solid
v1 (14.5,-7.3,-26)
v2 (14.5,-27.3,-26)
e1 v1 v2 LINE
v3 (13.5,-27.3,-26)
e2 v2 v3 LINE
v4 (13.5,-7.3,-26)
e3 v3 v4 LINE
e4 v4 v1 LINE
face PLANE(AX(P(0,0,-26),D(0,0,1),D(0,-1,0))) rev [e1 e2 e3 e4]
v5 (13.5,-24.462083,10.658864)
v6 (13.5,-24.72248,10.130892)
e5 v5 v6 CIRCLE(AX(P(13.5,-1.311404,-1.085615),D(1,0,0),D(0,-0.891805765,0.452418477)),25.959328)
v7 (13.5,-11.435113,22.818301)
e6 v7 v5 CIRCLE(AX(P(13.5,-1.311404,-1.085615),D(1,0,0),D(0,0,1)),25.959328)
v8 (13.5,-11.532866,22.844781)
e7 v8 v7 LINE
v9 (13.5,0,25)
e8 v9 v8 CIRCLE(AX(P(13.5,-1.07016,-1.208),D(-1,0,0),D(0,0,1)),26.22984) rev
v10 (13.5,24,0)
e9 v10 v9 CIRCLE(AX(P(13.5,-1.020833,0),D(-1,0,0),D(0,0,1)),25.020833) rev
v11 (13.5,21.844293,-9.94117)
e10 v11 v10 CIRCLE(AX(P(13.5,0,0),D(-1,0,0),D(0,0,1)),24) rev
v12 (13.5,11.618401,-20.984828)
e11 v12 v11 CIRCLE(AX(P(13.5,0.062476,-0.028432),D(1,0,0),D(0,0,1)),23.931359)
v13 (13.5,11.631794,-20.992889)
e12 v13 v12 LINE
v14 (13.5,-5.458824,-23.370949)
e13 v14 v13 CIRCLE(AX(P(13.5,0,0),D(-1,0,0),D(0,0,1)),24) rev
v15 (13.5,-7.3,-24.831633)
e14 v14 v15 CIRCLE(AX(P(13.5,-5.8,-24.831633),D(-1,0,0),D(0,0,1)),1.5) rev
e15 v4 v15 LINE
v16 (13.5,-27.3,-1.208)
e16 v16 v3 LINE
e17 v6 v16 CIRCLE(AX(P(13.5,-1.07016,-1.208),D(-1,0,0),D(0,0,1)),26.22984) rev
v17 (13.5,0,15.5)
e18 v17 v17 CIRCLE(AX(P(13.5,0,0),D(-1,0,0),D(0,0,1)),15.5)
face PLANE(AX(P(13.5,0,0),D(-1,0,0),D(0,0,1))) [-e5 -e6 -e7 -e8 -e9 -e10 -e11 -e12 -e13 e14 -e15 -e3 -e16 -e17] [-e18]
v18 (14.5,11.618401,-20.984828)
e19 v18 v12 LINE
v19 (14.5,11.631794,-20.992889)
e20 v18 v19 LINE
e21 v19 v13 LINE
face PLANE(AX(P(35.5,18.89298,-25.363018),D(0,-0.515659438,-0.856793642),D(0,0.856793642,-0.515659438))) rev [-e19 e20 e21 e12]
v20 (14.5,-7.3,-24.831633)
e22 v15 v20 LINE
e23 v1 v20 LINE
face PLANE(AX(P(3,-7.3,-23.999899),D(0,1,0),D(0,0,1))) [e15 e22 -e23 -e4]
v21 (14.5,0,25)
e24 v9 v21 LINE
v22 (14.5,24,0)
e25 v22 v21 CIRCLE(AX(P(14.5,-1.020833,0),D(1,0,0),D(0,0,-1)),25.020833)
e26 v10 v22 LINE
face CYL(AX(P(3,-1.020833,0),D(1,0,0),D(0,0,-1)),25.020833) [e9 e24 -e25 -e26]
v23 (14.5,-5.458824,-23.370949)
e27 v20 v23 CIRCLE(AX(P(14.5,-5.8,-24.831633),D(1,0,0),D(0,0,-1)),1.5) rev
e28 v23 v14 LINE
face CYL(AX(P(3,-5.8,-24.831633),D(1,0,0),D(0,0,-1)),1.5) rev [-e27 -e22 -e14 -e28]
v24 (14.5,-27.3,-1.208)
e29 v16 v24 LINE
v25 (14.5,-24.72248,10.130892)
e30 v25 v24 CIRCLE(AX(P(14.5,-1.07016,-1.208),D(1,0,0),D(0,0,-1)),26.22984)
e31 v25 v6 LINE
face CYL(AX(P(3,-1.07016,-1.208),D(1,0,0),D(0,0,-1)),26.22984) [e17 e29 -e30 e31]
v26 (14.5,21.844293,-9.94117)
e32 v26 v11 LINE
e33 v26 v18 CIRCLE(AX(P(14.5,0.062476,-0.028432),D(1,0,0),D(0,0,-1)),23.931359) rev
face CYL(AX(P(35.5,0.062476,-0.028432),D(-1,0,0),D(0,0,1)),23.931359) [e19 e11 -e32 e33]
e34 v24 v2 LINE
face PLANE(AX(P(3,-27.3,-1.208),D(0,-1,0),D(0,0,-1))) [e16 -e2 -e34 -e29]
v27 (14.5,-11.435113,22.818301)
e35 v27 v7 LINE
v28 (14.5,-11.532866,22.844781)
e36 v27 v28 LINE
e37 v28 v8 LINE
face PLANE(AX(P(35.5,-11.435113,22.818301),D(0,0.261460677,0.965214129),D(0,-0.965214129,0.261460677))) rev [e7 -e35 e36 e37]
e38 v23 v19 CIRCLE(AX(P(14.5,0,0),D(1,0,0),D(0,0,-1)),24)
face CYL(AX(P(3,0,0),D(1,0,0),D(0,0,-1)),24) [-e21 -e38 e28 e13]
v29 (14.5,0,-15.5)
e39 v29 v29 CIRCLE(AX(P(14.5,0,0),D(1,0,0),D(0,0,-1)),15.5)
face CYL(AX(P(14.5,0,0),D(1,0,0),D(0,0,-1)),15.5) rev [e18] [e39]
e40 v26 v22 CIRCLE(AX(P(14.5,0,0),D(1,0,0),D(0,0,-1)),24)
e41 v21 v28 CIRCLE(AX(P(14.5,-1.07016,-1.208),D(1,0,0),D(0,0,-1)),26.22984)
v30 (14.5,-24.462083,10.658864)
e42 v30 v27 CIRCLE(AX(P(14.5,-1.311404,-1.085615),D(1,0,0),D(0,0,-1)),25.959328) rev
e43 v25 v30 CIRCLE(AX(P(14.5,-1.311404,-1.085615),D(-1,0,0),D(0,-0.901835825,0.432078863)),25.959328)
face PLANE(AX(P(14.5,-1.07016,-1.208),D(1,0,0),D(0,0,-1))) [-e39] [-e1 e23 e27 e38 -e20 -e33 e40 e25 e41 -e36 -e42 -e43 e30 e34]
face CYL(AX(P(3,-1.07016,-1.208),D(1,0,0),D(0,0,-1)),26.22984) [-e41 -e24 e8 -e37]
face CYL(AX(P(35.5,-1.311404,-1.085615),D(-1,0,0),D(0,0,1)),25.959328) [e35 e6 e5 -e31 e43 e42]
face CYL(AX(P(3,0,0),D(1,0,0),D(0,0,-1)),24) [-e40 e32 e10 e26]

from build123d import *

# Parameters (mm, degrees)
BOSS_EXTRUDE1_DEPTH               = 11.5
BOSS_EXTRUDE2_DEPTH               = 11.5
SKETCH3_W                         = 11.5
SKETCH3_H                         = 20
BOSS_EXTRUDE3_DEPTH               = 2.000101203
CUT_EXTRUDE1_DEPTH                = 10.5
BOSS_EXTRUDE4_DEPTH               = 2
BOSS_EXTRUDE5_DEPTH               = 1
CUT_EXTRUDE2_DEPTH                = 10.5
CUT_EXTRUDE3_DEPTH                = 2
CUT_EXTRUDE4_DEPTH                = 0.5
CUT_EXTRUDE5_DEPTH                = 0.5
CUT_EXTRUDE6_DEPTH                = 0.5
CUT_EXTRUDE7_DEPTH                = 0.5
CUT_EXTRUDE8_DEPTH                = 0.5
CUT_EXTRUDE9_DEPTH                = 0.5
CUT_EXTRUDE10_DEPTH               = 0.5
CUT_EXTRUDE11_DEPTH               = 0.5
SKETCH17_W                        = 0.1
SKETCH17_H                        = 10.000000149
F_3_5_3_5_DIAMETER_HOLE1_D        = 3.5
F_3_5_3_5_DIAMETER_HOLE1_DEPTH    = 14.5
TAP_DRILL_FOR_M30_HELICOIL1_D     = 31
TAP_DRILL_FOR_M30_HELICOIL1_DEPTH = 1
FILLET1_R                         = 1.5
FILLET2_R                         = 2.5
SKETCH22_W                        = 77.458890367
SKETCH22_H                        = 66.182059073
CUT_EXTRUDE12_DEPTH               = 22
CUT_EXTRUDE13_DEPTH               = 22


with BuildPart() as part:
    # Sketch1 → Boss-Extrude1 (new body)
    with BuildSketch(Plane(origin=(14.5, 0, 0), x_dir=(0, 0, -1), z_dir=(1, 0, 0))):
        with BuildLine():
            Line((23.999898797, -14.052218991), (23.999898797, -7.3))
            Line((23.999898797, -7.3), (22.862851966, -7.3))
            ThreePointArc((22.862851966, -7.3), (23.515848466, 4.796339325), (18.177699617, 15.670712703))
            Line((18.177699617, 15.670712703), (20.247987256, 18.013406611))
            ThreePointArc((20.247987256, 18.013406611), (19.986593389, 22.247987256), (15.752012744, 21.986593389))
            Line((15.752012744, 21.986593389), (13.722435262, 19.689966239))
            ThreePointArc((13.722435262, 19.689966239), (7.191690005, 22.897152549), (0, 24))
            ThreePointArc((0, 24), (-17.327723451, 17.028878595), (-25, 0))
            ThreePointArc((-25, 0), (-23.695001808, -9.306968083), (-19.193077259, -17.556534771))
            Line((-19.193077259, -17.556534771), (-22.247987256, -21.013406611))
            ThreePointArc((-22.247987256, -21.013406611), (-21.986593389, -25.247987256), (-17.752012744, -24.986593389))
            Line((-17.752012744, -24.986593389), (-14.906270141, -21.766410971))
            ThreePointArc((-14.906270141, -21.766410971), (6.309457693, -26.79912492), (23.999898797, -14.052218991))
        make_face()
    extrude(amount=-BOSS_EXTRUDE1_DEPTH)

    # Sketch2 → Boss-Extrude2 (add)
    with BuildSketch(Plane(origin=(14.5, 0, 0), x_dir=(0, 0, -1), z_dir=(1, 0, 0))):
        with BuildLine():
            Line((1.208, -27.3), (23.999898797, -27.3))
            Line((23.999898797, -27.3), (23.999898797, -14.052218991))
            ThreePointArc((23.999898797, -14.052218991), (14.389183107, -23.747481674), (1.208, -27.3))
        make_face()
    extrude(amount=-BOSS_EXTRUDE2_DEPTH)

    # Sketch3 → Boss-Extrude3 (add)
    with BuildSketch(Plane(origin=(0, 0, -23.999898797), x_dir=(-1, 0, 0), z_dir=(0, 0, -1))):
        with Locations((-8.75, -17.3)):
            Rectangle(SKETCH3_W, SKETCH3_H)
    extrude(amount=BOSS_EXTRUDE3_DEPTH)

    # Sketch4 → Cut-Extrude1 (cut)
    with BuildSketch(Plane.ZY.offset(-3)):
        with BuildLine():
            Line((-2, 22.912878475), (-2, 11))
            Line((-2, 11), (2.00000006, 11))
            Line((2.00000006, 11), (2.00000006, 22.916594135))
            ThreePointArc((2.00000006, 22.916594135), (1.000869219, 22.979139476), (0, 23))
            ThreePointArc((0, 23), (-1.00094832, 22.978209296), (-2, 22.912878475))
        make_face()
    extrude(amount=-CUT_EXTRUDE1_DEPTH, mode=Mode.SUBTRACT)

    # Sketch5 → Boss-Extrude4 (add)
    with BuildSketch(Plane.ZY.offset(-3)):
        with BuildLine():
            Line((-2, 23.916521486), (-2, 11))
            Line((-2, 11), (2.00000006, 11))
            Line((2.00000006, 11), (2.00000006, 23.919938516))
            ThreePointArc((2.00000006, 23.919938516), (18.03582173, 16.321347476), (25, 0))
            ThreePointArc((25, 0), (23.695001808, -9.306968083), (19.193077259, -17.556534771))
            Line((19.193077259, -17.556534771), (22.247987256, -21.013406611))
            ThreePointArc((22.247987256, -21.013406611), (21.986593389, -25.247987256), (17.752012744, -24.986593389))
            Line((17.752012744, -24.986593389), (14.906270141, -21.766410971))
            ThreePointArc((14.906270141, -21.766410971), (7.31095401, -25.878060536), (-1.208, -27.3))
            Line((-1.208, -27.3), (-26, -27.3))
            Line((-26, -27.3), (-26, -7.3))
            Line((-26, -7.3), (-22.862851966, -7.3))
            ThreePointArc((-22.862851966, -7.3), (-23.515848466, 4.796339325), (-18.177699617, 15.670712703))
            Line((-18.177699617, 15.670712703), (-20.247987256, 18.013406611))
            ThreePointArc((-20.247987256, 18.013406611), (-19.986593389, 22.247987256), (-15.752012744, 21.986593389))
            Line((-15.752012744, 21.986593389), (-13.722435262, 19.689966239))
            ThreePointArc((-13.722435262, 19.689966239), (-8.140312338, 22.577318597), (-2, 23.916521486))
        make_face()
    extrude(amount=BOSS_EXTRUDE4_DEPTH)

    # Sketch6 → Boss-Extrude5 (add)
    with BuildSketch(Plane.ZY.offset(-1)):
        with BuildLine():
            Line((-2, 23.916521486), (-2, 11))
            Line((-2, 11), (2.00000006, 11))
            Line((2.00000006, 11), (2.00000006, 23.919938516))
            ThreePointArc((2.00000006, 23.919938516), (18.03582173, 16.321347476), (25, 0))
            ThreePointArc((25, 0), (23.695001808, -9.306968083), (19.193077259, -17.556534771))
            Line((19.193077259, -17.556534771), (22.247987256, -21.013406611))
            ThreePointArc((22.247987256, -21.013406611), (21.986593389, -25.247987256), (17.752012744, -24.986593389))
            Line((17.752012744, -24.986593389), (14.906270141, -21.766410971))
            ThreePointArc((14.906270141, -21.766410971), (7.31095401, -25.878060536), (-1.208, -27.3))
            Line((-1.208, -27.3), (-26, -27.3))
            Line((-26, -27.3), (-26, -7.3))
            Line((-26, -7.3), (-22.862851966, -7.3))
            ThreePointArc((-22.862851966, -7.3), (-23.515848466, 4.796339325), (-18.177699617, 15.670712703))
            Line((-18.177699617, 15.670712703), (-20.247987256, 18.013406611))
            ThreePointArc((-20.247987256, 18.013406611), (-19.986593389, 22.247987256), (-15.752012744, 21.986593389))
            Line((-15.752012744, 21.986593389), (-13.722435262, 19.689966239))
            ThreePointArc((-13.722435262, 19.689966239), (-8.140312338, 22.577318597), (-2, 23.916521486))
        make_face()
    extrude(amount=BOSS_EXTRUDE5_DEPTH)

    # Sketch7 → Cut-Extrude2 (cut)
    with BuildSketch(Plane(origin=(13.5, 0, 0), x_dir=(0, 0, -1), z_dir=(1, 0, 0))):
        with BuildLine():
            Line((2, 22.912878475), (2, 11))
            Line((2, 11), (-2.00000006, 11))
            Line((-2.00000006, 11), (-2.00000006, 22.916594135))
            ThreePointArc((-2.00000006, 22.916594135), (-17.342759411, 15.599308966), (-24.000832639, -0.040799334))
            ThreePointArc((-24.000832639, -0.040799334), (-16.992486688, -18.54262722), (1.208, -26.3))
            Line((1.208, -26.3), (26, -26.3))
            Line((26, -26.3), (26, -8.3))
            Line((26, -8.3), (21.450174824, -8.3))
            ThreePointArc((21.450174824, -8.3), (19.520210565, 12.163937664), (2, 22.912878475))
        make_face()
    extrude(amount=-CUT_EXTRUDE2_DEPTH, mode=Mode.SUBTRACT)

    # Sketch8 → Cut-Extrude3 (cut)
    with BuildSketch(Plane(origin=(3, 0, 0), x_dir=(0, 0, -1), z_dir=(1, 0, 0))):
        with BuildLine():
            Line((2, 22.912878475), (2, 11))
            Line((2, 11), (-2.00000006, 11))
            Line((-2.00000006, 11), (-2.00000006, 22.916594135))
            ThreePointArc((-2.00000006, 22.916594135), (-17.342759411, 15.599308966), (-24.000832639, -0.040799334))
            ThreePointArc((-24.000832639, -0.040799334), (-16.992486688, -18.54262722), (1.208, -26.3))
            Line((1.208, -26.3), (26, -26.3))
            Line((26, -26.3), (26, -8.3))
            Line((26, -8.3), (21.450174824, -8.3))
            ThreePointArc((21.450174824, -8.3), (19.520210565, 12.163937664), (2, 22.912878475))
        make_face()
    extrude(amount=-CUT_EXTRUDE3_DEPTH, mode=Mode.SUBTRACT)

    # Sketch9 → Cut-Extrude4 (cut)
    with BuildSketch(Plane.ZY):
        with BuildLine():
            Line((-0.5, -22.994564575), (-0.5, -10.988630488))
            ThreePointArc((-0.5, -10.988630488), (-4.209517756, -10.162674858), (-7.416581743, -8.123688525))
            Line((-7.416581743, -8.123688525), (-15.906059151, -16.613165932))
            ThreePointArc((-15.906059151, -16.613165932), (-8.801718944, -21.249229248), (-0.5, -22.994564575))
        make_face()
    extrude(amount=-CUT_EXTRUDE4_DEPTH, mode=Mode.SUBTRACT)

    # Sketch10 → Cut-Extrude5 (cut)
    with BuildSketch(Plane.ZY):
        with BuildLine():
            Line((-15.906059151, 16.613165932), (-7.416581743, 8.123688525))
            ThreePointArc((-7.416581743, 8.123688525), (-5.351481429, 9.610496684), (-3, 10.583005244))
            Line((-3, 10.583005244), (-3, 22.803508502))
            ThreePointArc((-3, 22.803508502), (-9.946851433, 20.737891565), (-15.906059151, 16.613165932))
        make_face()
    extrude(amount=-CUT_EXTRUDE5_DEPTH, mode=Mode.SUBTRACT)

    # Sketch11 → Cut-Extrude6 (cut)
    with BuildSketch(Plane.ZY):
        with BuildLine():
            Line((16.613165932, 15.906059151), (8.123688525, 7.416581743))
            ThreePointArc((8.123688525, 7.416581743), (10.162674858, 4.209517756), (10.988630488, 0.5))
            Line((10.988630488, 0.5), (22.994564575, 0.5))
            ThreePointArc((22.994564575, 0.5), (21.249229248, 8.801718944), (16.613165932, 15.906059151))
        make_face()
    extrude(amount=-CUT_EXTRUDE6_DEPTH, mode=Mode.SUBTRACT)

    # Sketch12 → Cut-Extrude7 (cut)
    with BuildSketch(Plane.ZY):
        with BuildLine():
            Line((-16.613165932, -15.906059151), (-8.123688525, -7.416581743))
            ThreePointArc((-8.123688525, -7.416581743), (-10.162674858, -4.209517756), (-10.988630488, -0.5))
            Line((-10.988630488, -0.5), (-22.994564575, -0.5))
            ThreePointArc((-22.994564575, -0.5), (-21.249229248, -8.801718944), (-16.613165932, -15.906059151))
        make_face()
    extrude(amount=-CUT_EXTRUDE7_DEPTH, mode=Mode.SUBTRACT)

    # Sketch13 → Cut-Extrude8 (cut)
    with BuildSketch(Plane.ZY):
        with BuildLine():
            Line((15.906059151, -16.613165932), (7.416581743, -8.123688525))
            ThreePointArc((7.416581743, -8.123688525), (4.209517756, -10.162674858), (0.5, -10.988630488))
            Line((0.5, -10.988630488), (0.5, -22.994564575))
            ThreePointArc((0.5, -22.994564575), (8.801718944, -21.249229248), (15.906059151, -16.613165932))
        make_face()
    extrude(amount=-CUT_EXTRUDE8_DEPTH, mode=Mode.SUBTRACT)

    # Sketch14 → Cut-Extrude9 (cut)
    with BuildSketch(Plane.ZY):
        with BuildLine():
            Line((3, 22.803508502), (3, 10.583005244))
            ThreePointArc((3, 10.583005244), (5.351481429, 9.610496684), (7.416581743, 8.123688525))
            Line((7.416581743, 8.123688525), (15.906059151, 16.613165932))
            ThreePointArc((15.906059151, 16.613165932), (9.946851433, 20.737891565), (3, 22.803508502))
        make_face()
    extrude(amount=-CUT_EXTRUDE9_DEPTH, mode=Mode.SUBTRACT)

    # Sketch15 → Cut-Extrude10 (cut)
    with BuildSketch(Plane.ZY):
        with BuildLine():
            Line((8.123688525, -7.416581743), (16.613165932, -15.906059151))
            ThreePointArc((16.613165932, -15.906059151), (21.249229248, -8.801718944), (22.994564575, -0.5))
            Line((22.994564575, -0.5), (10.988630488, -0.5))
            ThreePointArc((10.988630488, -0.5), (10.162674858, -4.209517756), (8.123688525, -7.416581743))
        make_face()
    extrude(amount=-CUT_EXTRUDE10_DEPTH, mode=Mode.SUBTRACT)

    # Sketch16 → Cut-Extrude11 (cut)
    with BuildSketch(Plane.ZY):
        with BuildLine():
            Line((-22.994564575, 0.5), (-10.988630488, 0.5))
            ThreePointArc((-10.988630488, 0.5), (-10.162674858, 4.209517756), (-8.123688525, 7.416581743))
            Line((-8.123688525, 7.416581743), (-16.613165932, 15.906059151))
            ThreePointArc((-16.613165932, 15.906059151), (-21.249229248, 8.801718944), (-22.994564575, 0.5))
        make_face()
    extrude(amount=-CUT_EXTRUDE11_DEPTH, mode=Mode.SUBTRACT)

    # Sketch17 → Cut-Revolve1 (revolve, cut)
    with BuildSketch(Plane(origin=(0, 0, 0), x_dir=(1, 0, 0), z_dir=(0, 1, 0))):
        with Locations((0.05, 5.000000074)):
            Rectangle(SKETCH17_W, SKETCH17_H)
    revolve(axis=Axis((0, 0, 0), (1, 0, 0)), mode=Mode.SUBTRACT)

    # Ø3.5 (3.5) Diameter Hole1
    with Locations(Plane.ZY):
        with Locations((-18, 20), (20, -23)):
            Hole(F_3_5_3_5_DIAMETER_HOLE1_D / 2, depth=F_3_5_3_5_DIAMETER_HOLE1_DEPTH)

    # Tap Drill for M30 Helicoil1
    with Locations(Plane(origin=(14.5, 0, 0), x_dir=(0, 0, -1), z_dir=(1, 0, 0))):
        with Locations((0, 0)):
            Hole(TAP_DRILL_FOR_M30_HELICOIL1_D / 2, depth=TAP_DRILL_FOR_M30_HELICOIL1_DEPTH)

    # Fillet1
    fillet1_edges = [part.edges().sort_by_distance(p)[0] for p in [
        (7.25, -7.3, -22.862851966),
    ]]
    fillet(fillet1_edges, radius=FILLET1_R)

    # Fillet2
    fillet2_edges = [part.edges().sort_by_distance(p)[0] for p in [
        (7.25, -8.3, -21.450174824),
        (7.25, -21.766410971, 14.906270141),
        (7.25, -17.556534771, 19.193077259),
        (7.25, 19.689966239, -13.722435262),
        (7.25, 15.670712703, -18.177699617),
    ]]
    fillet(fillet2_edges, radius=FILLET2_R)

    # Sketch22 → Cut-Extrude12 (cut)
    with BuildSketch(Plane.ZY.offset(-13.5)):
        with Locations((3.746075582, -1.742433044)):
            Rectangle(SKETCH22_W, SKETCH22_H)
    extrude(amount=CUT_EXTRUDE12_DEPTH, mode=Mode.SUBTRACT)

    # Sketch23 → Cut-Extrude13 (cut)
    with BuildSketch(Plane.ZY.offset(-13.5)):
        with BuildLine():
            Line((22.818301287, -11.435112892), (26.703674286, -25.778443436))
            Line((26.703674286, -25.778443436), (15.434056464, -28.831198071))
            Line((15.434056464, -28.831198071), (10.130861555, -24.722456157))
            ThreePointArc((10.130861555, -24.722456157), (17.689338268, -19.238696929), (22.818301287, -11.435112892))
        make_face()
        with BuildLine():
            Line((-9.783782243, 21.915234873), (-19.266917552, 25.788568278))
            Line((-19.266917552, 25.788568278), (-25.363017774, 18.892979502))
            Line((-25.363017774, 18.892979502), (-20.984828091, 11.618400961))
            ThreePointArc((-20.984828091, 11.618400961), (-16.224389467, 17.68067385), (-9.783782243, 21.915234873))
        make_face()
    extrude(amount=-CUT_EXTRUDE13_DEPTH, mode=Mode.SUBTRACT)


solid = part.part
